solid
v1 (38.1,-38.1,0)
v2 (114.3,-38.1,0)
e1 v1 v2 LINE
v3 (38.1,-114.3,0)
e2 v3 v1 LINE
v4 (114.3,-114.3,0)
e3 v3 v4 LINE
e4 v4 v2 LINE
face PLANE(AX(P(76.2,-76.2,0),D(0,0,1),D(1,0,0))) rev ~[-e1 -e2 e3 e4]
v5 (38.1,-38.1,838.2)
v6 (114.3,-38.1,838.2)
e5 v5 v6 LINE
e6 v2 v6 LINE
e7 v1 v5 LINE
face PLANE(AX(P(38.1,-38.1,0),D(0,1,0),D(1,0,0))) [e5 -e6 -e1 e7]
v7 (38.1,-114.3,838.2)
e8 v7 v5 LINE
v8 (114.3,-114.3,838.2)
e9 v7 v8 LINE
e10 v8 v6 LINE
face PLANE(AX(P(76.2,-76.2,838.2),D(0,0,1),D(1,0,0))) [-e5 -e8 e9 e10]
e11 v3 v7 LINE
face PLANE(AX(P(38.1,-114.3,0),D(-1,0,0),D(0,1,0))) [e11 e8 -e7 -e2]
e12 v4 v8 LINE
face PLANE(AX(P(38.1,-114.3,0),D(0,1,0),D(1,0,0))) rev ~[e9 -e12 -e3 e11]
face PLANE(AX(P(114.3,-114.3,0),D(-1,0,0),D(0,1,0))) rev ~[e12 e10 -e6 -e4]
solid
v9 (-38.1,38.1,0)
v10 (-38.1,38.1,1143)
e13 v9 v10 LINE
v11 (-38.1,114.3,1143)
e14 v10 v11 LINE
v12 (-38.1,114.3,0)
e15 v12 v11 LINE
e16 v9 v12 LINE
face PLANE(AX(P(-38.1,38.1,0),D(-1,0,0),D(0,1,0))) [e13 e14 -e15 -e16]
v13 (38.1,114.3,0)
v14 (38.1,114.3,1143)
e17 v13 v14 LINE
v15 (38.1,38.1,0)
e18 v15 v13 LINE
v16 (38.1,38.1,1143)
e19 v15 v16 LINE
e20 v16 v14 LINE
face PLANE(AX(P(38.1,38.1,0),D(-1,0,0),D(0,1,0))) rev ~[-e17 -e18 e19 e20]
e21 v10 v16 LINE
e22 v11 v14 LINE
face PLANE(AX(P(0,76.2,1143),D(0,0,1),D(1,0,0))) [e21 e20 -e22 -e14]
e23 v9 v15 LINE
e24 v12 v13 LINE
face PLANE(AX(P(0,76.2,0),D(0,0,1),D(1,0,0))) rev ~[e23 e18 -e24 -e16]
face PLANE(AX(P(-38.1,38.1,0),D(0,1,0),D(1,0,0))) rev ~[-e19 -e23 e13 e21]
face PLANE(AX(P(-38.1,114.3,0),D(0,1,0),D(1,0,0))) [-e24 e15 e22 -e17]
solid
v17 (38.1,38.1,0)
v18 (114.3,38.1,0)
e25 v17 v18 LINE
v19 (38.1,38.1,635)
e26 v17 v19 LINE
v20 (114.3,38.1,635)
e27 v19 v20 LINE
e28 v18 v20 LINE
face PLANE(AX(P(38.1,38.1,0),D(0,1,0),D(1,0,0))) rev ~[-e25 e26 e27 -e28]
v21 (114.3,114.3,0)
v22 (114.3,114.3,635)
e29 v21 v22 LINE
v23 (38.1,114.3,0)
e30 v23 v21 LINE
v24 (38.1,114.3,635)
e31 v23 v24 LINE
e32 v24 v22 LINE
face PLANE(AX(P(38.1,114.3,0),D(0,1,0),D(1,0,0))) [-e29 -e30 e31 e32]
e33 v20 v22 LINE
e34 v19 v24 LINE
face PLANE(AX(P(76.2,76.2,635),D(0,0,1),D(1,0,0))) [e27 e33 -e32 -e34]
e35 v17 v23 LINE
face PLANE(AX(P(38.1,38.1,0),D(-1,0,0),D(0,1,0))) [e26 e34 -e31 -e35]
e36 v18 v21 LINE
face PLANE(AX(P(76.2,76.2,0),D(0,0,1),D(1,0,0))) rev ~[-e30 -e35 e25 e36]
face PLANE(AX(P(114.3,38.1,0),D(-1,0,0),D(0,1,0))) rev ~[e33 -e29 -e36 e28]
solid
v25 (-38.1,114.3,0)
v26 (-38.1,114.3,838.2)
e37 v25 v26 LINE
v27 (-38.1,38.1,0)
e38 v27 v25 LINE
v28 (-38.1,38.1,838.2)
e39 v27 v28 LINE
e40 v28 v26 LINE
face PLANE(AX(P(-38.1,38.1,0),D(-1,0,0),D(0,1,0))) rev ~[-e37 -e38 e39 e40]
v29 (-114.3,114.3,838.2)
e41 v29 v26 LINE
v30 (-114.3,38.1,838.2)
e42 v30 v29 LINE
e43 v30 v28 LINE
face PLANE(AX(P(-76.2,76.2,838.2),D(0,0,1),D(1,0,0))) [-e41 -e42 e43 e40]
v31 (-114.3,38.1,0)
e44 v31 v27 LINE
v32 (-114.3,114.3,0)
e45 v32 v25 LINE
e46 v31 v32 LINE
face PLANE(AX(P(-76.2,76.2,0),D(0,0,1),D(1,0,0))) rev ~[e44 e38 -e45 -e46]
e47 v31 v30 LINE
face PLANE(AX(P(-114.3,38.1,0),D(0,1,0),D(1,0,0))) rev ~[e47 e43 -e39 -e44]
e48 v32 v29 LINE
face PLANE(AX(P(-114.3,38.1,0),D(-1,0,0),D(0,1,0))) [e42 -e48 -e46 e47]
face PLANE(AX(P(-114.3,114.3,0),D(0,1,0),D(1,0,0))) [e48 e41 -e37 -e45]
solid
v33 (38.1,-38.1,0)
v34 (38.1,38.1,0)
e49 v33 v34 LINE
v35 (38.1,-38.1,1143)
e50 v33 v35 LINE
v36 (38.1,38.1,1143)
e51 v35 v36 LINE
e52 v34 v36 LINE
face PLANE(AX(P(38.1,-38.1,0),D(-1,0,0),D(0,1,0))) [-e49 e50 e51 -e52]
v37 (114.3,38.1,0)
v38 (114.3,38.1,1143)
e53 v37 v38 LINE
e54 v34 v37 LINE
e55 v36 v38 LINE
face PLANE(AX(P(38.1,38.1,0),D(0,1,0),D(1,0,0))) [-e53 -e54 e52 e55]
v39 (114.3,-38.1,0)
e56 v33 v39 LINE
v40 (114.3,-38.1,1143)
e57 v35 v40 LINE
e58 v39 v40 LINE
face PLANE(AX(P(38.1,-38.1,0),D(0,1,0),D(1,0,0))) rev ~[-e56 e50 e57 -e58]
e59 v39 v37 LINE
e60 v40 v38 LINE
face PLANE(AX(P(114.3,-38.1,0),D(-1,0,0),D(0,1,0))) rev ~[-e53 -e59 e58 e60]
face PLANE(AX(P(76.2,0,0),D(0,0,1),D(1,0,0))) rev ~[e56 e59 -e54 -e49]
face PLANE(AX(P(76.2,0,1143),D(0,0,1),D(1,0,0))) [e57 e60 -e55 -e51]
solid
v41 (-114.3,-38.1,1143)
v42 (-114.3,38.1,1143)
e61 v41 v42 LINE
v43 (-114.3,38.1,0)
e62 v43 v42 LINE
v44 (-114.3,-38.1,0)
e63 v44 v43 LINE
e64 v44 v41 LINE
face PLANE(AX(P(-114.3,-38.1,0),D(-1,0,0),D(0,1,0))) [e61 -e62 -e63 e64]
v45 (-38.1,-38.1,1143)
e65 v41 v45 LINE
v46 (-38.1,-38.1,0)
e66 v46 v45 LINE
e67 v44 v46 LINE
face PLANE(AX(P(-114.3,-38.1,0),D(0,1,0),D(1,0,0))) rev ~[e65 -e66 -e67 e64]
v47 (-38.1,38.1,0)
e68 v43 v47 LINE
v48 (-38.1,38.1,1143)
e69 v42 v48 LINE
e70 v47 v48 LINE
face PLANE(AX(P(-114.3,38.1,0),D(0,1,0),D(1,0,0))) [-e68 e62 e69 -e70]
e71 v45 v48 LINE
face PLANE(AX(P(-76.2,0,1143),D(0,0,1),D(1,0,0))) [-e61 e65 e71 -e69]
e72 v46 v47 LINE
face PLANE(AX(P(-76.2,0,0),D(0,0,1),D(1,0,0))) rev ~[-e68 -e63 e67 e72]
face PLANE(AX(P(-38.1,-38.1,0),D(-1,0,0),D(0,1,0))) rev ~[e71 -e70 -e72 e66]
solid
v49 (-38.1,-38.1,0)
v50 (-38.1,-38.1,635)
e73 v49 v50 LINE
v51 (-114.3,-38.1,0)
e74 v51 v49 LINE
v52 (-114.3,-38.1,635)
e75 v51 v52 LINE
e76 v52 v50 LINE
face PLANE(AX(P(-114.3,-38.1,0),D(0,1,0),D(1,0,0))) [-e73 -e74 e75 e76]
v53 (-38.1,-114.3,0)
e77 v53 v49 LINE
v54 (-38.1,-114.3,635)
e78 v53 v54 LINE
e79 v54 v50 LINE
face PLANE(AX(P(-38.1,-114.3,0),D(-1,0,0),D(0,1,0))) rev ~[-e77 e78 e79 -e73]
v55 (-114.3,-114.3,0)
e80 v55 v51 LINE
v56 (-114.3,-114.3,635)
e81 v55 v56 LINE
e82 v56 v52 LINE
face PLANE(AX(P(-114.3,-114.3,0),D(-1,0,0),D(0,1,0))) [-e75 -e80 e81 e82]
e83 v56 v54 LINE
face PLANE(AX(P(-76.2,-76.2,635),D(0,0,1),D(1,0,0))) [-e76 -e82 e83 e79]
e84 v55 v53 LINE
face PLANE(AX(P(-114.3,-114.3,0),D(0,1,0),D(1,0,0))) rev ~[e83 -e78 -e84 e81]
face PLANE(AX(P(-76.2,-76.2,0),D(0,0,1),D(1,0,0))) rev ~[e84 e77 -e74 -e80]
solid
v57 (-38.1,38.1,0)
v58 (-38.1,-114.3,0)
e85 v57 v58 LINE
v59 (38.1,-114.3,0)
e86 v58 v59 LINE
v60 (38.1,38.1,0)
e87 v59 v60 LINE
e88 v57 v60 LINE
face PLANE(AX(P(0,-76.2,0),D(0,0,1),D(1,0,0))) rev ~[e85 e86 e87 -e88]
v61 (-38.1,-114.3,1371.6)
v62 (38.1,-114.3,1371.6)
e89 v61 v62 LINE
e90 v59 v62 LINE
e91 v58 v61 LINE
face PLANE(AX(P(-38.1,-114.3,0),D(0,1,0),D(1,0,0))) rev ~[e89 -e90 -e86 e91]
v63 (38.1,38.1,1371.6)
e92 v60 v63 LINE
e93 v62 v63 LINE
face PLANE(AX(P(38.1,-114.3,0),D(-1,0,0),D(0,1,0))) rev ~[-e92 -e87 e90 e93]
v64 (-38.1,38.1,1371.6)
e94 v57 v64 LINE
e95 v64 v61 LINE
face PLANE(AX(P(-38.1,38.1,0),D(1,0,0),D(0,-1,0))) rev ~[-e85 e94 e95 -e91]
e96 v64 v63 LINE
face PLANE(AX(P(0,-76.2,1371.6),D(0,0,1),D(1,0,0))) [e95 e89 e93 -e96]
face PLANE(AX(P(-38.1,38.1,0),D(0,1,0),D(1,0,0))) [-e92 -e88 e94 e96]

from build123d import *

# Parameters (mm, degrees)
F0_W     = 76.2
F0_H     = 76.2
F1_DEPTH = 635
F2_W     = 76.2
F2_H     = 76.2
F3_DEPTH = 838.2
F4_W     = 76.2
F4_H     = 76.2
F5_DEPTH = 1143
F6_W     = 76.2
F6_H     = 76.2
F7_DEPTH = 1371.6


with BuildPart() as f1:
    # F0 (on Top) → F1 (new body)
    with BuildSketch(Plane.XY):
        with Locations((76.2, 76.2)):
            Rectangle(F0_W, F0_H)
        with Locations((-76.2, -76.2)):
            Rectangle(F0_W, F0_H)
    extrude(amount=F1_DEPTH)


with BuildPart() as f3:
    # F2 (on Top) → F3 (new body)
    with BuildSketch(Plane.XY):
        with Locations((-76.2, 76.2)):
            Rectangle(F2_W, F2_H)
        with Locations((76.2, -76.2)):
            Rectangle(F2_W, F2_H)
    extrude(amount=F3_DEPTH)


with BuildPart() as f5:
    # F4 (on Top) → F5 (new body)
    with BuildSketch(Plane.XY):
        with Locations((76.2, 0)):
            Rectangle(F4_W, F4_H)
        with Locations((-76.2, 0)):
            Rectangle(F4_W, F4_H)
        with Locations((0, 76.2)):
            Rectangle(F4_W, F4_H)
    extrude(amount=F5_DEPTH)


with BuildPart() as f7:
    # F6 (on Top) → F7 (new body)
    with BuildSketch(Plane.XY):
        with Locations((0, -76.2)):
            Rectangle(F6_W, F6_H)
        Rectangle(F6_W, F6_H)
    extrude(amount=F7_DEPTH)


solid = Compound([f1.part, f3.part, f5.part, f7.part])
